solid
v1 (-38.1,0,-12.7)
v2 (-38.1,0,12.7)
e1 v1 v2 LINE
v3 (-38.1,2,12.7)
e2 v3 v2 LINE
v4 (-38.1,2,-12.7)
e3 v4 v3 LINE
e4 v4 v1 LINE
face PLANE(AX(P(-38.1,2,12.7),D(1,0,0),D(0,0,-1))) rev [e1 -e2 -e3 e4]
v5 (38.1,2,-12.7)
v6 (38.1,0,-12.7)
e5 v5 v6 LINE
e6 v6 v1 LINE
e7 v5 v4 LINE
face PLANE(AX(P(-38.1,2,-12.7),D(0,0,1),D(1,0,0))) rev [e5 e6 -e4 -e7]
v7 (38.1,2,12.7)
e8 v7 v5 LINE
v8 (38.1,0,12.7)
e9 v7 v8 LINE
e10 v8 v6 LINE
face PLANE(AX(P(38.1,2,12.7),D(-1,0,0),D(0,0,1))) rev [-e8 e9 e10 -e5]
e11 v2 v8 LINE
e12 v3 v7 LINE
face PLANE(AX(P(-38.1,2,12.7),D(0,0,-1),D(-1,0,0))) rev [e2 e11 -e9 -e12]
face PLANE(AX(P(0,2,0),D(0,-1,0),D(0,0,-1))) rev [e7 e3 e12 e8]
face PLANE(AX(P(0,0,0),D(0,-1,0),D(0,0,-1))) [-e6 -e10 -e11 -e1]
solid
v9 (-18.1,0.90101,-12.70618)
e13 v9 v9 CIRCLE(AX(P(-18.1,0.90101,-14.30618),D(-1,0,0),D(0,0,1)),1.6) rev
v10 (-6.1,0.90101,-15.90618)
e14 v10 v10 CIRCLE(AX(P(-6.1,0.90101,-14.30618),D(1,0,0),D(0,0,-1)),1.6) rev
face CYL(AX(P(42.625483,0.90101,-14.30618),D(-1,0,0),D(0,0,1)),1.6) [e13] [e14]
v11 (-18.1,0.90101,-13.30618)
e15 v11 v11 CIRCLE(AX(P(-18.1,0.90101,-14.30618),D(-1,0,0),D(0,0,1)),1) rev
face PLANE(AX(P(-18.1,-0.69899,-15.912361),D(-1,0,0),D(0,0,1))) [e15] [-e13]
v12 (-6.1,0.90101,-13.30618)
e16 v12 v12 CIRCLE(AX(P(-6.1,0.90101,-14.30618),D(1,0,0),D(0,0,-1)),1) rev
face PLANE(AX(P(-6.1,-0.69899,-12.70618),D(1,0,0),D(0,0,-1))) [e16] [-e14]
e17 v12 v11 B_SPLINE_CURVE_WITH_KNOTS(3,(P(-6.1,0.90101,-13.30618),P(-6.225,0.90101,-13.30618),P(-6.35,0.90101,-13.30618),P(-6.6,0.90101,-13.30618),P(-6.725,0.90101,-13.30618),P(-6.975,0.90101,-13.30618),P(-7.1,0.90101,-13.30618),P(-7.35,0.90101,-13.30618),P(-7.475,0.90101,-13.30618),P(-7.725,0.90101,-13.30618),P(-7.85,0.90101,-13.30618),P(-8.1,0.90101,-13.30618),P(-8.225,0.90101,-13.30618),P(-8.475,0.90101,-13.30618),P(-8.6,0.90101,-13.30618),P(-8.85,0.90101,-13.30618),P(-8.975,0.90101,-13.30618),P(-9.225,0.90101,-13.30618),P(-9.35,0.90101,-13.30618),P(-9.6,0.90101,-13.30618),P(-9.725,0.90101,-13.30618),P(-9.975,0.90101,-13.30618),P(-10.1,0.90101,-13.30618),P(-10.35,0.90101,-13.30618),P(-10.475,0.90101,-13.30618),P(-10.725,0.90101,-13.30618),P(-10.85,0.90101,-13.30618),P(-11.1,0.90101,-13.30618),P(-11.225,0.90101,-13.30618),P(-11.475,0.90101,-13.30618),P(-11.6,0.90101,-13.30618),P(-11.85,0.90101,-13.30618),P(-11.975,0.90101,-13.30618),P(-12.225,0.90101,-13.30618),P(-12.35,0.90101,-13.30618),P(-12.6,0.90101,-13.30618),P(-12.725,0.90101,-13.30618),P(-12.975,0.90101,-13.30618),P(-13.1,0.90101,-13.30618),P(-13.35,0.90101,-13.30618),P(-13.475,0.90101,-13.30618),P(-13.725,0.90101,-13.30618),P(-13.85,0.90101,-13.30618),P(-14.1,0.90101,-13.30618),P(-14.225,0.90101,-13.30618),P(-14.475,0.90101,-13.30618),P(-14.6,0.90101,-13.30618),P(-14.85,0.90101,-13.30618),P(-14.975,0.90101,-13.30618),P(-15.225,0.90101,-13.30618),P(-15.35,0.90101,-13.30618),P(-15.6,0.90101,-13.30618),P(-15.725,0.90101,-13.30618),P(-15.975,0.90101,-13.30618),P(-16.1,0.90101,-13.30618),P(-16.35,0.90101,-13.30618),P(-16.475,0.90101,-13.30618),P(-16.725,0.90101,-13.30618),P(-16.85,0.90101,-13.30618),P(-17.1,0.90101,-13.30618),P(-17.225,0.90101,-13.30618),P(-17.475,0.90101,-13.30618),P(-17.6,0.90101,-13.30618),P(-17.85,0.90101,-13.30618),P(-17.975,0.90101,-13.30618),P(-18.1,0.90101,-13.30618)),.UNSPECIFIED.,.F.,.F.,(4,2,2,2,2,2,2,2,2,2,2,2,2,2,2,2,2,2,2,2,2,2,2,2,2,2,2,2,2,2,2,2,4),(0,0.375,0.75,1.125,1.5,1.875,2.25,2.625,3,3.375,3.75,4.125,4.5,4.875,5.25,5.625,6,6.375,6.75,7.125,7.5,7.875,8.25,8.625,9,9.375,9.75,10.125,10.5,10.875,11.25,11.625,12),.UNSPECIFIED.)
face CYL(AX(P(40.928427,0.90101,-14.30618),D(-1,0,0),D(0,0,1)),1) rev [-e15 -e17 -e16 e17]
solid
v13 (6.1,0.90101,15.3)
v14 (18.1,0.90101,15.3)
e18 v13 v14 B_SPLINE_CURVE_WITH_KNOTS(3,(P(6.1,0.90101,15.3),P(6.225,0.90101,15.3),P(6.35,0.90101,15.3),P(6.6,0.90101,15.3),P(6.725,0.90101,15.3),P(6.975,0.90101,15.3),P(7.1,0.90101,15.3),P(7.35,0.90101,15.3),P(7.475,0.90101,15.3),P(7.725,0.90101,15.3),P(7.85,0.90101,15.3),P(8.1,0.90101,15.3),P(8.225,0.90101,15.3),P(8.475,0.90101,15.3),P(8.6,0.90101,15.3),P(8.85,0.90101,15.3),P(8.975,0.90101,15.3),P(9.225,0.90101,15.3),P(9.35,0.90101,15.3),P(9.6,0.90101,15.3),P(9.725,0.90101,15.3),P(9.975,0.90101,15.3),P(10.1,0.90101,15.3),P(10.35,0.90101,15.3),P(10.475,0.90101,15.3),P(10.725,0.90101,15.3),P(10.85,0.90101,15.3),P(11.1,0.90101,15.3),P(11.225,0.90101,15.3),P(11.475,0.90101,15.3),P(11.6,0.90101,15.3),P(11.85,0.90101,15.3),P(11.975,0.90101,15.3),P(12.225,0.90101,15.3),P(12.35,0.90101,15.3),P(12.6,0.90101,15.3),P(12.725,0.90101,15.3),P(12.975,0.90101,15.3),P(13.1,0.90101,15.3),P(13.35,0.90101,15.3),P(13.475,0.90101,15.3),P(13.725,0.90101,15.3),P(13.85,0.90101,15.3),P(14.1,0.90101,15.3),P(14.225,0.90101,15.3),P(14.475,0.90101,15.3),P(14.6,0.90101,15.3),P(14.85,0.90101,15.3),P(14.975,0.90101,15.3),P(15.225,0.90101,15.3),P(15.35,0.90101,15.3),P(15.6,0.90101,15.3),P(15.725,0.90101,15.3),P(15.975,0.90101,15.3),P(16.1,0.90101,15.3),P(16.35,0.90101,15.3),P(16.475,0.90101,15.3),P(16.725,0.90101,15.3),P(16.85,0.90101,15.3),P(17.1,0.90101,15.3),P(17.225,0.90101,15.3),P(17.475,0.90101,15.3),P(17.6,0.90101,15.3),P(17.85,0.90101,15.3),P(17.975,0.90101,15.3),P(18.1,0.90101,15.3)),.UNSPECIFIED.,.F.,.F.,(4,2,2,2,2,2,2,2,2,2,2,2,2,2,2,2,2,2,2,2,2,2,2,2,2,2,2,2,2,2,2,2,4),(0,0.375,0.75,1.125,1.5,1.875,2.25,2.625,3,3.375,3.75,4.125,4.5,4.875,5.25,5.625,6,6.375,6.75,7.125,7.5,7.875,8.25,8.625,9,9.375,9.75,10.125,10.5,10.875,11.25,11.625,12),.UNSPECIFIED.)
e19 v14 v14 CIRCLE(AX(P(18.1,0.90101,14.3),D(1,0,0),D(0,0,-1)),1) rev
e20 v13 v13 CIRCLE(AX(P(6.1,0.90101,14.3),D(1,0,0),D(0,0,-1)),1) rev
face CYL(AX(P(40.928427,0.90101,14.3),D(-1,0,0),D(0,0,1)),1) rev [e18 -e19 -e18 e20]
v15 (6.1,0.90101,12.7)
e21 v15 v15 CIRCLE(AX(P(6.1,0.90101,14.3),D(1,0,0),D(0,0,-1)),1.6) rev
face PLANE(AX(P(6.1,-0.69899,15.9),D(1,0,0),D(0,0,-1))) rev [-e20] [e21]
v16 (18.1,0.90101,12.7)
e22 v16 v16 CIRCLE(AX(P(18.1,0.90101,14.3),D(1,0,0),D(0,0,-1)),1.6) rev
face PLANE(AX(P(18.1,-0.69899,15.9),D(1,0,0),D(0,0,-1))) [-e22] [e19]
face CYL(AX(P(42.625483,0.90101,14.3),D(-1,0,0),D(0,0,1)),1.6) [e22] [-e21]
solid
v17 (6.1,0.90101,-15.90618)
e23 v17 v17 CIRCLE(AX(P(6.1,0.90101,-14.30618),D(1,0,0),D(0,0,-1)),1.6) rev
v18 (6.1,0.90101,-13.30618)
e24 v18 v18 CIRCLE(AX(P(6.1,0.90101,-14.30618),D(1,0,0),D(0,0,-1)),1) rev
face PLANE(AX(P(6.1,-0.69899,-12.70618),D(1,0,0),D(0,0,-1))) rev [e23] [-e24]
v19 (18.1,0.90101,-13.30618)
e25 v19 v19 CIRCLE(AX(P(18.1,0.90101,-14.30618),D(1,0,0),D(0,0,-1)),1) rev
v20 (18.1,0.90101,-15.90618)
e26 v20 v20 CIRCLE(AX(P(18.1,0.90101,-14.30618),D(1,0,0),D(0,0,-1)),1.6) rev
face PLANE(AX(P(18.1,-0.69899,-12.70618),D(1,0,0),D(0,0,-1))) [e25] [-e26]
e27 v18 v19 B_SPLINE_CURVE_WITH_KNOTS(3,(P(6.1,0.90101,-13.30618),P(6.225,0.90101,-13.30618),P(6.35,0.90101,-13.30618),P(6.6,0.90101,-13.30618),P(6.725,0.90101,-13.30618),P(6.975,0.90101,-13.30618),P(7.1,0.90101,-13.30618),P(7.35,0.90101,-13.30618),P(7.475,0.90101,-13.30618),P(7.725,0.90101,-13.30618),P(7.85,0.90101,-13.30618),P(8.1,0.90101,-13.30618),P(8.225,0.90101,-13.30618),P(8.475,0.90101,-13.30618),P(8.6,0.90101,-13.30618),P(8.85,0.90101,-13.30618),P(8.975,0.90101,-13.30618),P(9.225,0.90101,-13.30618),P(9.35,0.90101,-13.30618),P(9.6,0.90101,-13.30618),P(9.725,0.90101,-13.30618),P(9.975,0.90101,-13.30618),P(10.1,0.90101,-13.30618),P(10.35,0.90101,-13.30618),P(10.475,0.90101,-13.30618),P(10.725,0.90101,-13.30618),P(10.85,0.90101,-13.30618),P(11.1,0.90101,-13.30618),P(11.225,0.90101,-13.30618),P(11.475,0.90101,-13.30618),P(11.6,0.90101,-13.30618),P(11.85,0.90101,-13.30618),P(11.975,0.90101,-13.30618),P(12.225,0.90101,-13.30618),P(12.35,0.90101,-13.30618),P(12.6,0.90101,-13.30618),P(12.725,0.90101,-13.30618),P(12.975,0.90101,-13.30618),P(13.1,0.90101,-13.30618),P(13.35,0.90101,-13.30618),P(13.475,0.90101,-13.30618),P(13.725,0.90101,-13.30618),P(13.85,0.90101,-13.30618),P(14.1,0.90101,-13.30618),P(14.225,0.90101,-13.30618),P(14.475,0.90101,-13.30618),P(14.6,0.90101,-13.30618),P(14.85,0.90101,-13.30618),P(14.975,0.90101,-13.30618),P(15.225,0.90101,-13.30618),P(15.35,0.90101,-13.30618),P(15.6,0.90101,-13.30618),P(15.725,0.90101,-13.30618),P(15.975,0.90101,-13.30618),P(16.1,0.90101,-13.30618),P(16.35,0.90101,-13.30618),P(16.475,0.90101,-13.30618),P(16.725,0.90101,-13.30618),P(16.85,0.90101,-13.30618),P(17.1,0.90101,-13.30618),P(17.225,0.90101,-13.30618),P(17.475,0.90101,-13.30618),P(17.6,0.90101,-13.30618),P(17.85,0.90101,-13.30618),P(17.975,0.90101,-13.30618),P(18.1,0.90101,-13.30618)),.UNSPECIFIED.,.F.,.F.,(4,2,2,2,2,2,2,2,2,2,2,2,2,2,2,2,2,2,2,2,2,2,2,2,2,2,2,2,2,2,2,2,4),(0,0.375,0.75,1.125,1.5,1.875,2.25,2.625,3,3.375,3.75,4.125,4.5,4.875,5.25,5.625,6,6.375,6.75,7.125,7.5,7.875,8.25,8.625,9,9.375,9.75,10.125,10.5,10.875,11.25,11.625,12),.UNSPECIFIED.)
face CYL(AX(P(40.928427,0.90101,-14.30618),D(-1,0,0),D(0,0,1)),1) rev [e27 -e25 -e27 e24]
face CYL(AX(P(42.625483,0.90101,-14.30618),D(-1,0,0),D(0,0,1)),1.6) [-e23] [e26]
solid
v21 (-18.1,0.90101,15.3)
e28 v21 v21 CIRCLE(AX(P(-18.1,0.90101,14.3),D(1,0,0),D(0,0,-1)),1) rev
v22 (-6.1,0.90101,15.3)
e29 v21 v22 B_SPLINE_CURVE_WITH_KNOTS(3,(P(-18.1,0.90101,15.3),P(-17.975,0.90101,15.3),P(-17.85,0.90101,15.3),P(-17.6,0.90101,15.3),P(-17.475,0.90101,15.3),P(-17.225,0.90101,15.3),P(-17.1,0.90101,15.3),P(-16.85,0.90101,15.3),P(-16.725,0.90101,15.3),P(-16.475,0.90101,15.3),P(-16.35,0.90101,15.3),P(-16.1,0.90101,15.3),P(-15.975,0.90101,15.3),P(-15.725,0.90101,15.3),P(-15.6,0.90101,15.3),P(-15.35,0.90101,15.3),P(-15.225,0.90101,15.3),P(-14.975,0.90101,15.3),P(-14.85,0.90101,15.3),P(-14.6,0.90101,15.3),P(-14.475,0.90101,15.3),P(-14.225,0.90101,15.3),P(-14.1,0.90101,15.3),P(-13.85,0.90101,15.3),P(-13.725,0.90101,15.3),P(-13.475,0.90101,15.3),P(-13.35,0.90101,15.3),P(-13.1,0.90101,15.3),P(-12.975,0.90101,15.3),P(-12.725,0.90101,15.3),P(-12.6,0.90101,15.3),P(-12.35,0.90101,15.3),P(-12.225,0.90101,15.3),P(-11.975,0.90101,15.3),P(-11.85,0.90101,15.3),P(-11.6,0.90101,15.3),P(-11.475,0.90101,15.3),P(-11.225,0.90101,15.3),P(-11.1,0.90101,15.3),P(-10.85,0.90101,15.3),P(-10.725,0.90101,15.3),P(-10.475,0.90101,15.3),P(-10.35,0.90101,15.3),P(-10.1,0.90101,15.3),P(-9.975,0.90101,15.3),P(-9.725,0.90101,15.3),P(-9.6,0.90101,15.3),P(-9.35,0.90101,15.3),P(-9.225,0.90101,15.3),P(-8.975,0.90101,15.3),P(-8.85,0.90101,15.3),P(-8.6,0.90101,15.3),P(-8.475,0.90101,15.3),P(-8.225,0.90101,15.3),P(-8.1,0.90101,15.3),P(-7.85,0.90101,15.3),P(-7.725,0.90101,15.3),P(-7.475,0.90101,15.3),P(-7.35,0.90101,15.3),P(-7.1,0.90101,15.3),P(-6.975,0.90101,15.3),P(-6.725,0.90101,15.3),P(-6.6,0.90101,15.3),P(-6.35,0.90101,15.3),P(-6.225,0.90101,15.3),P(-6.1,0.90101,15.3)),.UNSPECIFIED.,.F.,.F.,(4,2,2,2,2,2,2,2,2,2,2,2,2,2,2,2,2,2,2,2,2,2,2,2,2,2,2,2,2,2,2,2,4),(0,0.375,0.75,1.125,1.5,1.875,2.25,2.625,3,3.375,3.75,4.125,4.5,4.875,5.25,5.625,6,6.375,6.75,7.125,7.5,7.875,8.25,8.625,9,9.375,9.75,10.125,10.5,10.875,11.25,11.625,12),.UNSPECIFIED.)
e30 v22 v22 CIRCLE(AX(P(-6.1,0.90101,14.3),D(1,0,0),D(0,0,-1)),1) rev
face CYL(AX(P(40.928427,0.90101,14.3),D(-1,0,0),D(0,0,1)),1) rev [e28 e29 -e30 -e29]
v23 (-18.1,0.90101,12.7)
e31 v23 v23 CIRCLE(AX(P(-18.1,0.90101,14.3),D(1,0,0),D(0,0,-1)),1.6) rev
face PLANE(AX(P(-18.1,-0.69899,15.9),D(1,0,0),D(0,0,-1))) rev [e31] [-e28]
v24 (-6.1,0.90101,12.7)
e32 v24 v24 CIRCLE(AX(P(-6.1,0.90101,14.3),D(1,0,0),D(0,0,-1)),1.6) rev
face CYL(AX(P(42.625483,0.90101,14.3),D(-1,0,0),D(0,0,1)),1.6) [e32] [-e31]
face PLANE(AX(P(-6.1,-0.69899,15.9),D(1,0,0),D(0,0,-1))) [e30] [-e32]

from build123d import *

# Parameters (mm, degrees)
CROQUIS1_W                 = 76.2
CROQUIS1_H                 = 25.4
SALIENTE_EXTRUIR1_DEPTH    = 2
CROQUIS2_R                 = 1.6
SALIENTE_EXTRUIR2_DEPTH    = 76.2
SALIENTE_EXTRUIR2_2_DEPTH  = 76.2
CROQUIS4_R                 = 1
CORTAR_EXTRUIR2_DEPTH      = 76.2
CORTAR_EXTRUIR6_DEPTH      = 42.375126825
CORTAR_EXTRUIR6_DEPTH_BACK = 42.375126825
CROQUIS5_W                 = 20
CROQUIS5_H                 = 3.21236059
CROQUIS5_H_2               = 3.2
CROQUIS5_W_2               = 12.2


with BuildPart() as part:
    # Croquis1 → Saliente-Extruir1 (new body)
    with BuildSketch(Plane(origin=(0, 0, 0), x_dir=(1, 0, 0), z_dir=(0, 1, 0))):
        Rectangle(CROQUIS1_W, CROQUIS1_H)
    extrude(amount=SALIENTE_EXTRUIR1_DEPTH)


with BuildPart() as body_2:
    # Croquis2 → Saliente-Extruir2 (new body)
    with BuildSketch(Plane.ZY.offset(38.1)):
        with Locations((-14.306180295, 0.901009784)):
            Circle(CROQUIS2_R)
    extrude(amount=-SALIENTE_EXTRUIR2_DEPTH)


with BuildPart() as body_3:
    # Croquis2 → Saliente-Extruir2 2 (new body)
    with BuildSketch(Plane.ZY.offset(38.1)):
        with Locations((14.3, 0.901009784)):
            Circle(CROQUIS2_R)
    extrude(amount=-SALIENTE_EXTRUIR2_2_DEPTH)


with BuildPart() as cortar_extruir2_tool:
    # Croquis4 → Cortar-Extruir2 (new body)
    with BuildSketch(Plane.ZY.offset(38.1)):
        with Locations((-14.306180295, 0.901009784)):
            Circle(CROQUIS4_R)
        with Locations((14.3, 0.901009784)):
            Circle(CROQUIS4_R)
    extrude(amount=-CORTAR_EXTRUIR2_DEPTH)


with BuildPart() as body_2_1:
    add(body_2.part)

    # Cortar-Extruir2: cut by cortar_extruir2_tool
    add(cortar_extruir2_tool.part, mode=Mode.SUBTRACT)


with BuildPart() as body_3_1:
    add(body_3.part)

    # Cortar-Extruir2: cut by cortar_extruir2_tool
    add(cortar_extruir2_tool.part, mode=Mode.SUBTRACT)


with BuildPart() as cortar_extruir6_tool:
    # Croquis5 → Cortar-Extruir6 (new, two sides: drawn at the far end of the back side and taken through both)
    with BuildSketch(Plane(origin=(0, 2, 0), x_dir=(1, 0, 0), z_dir=(0, 1, 0)).offset(-CORTAR_EXTRUIR6_DEPTH_BACK)):
        with Locations((-28.1, 14.306180295)):
            Rectangle(CROQUIS5_W, CROQUIS5_H)
        with Locations((28.1, 14.306180295)):
            Rectangle(CROQUIS5_W, CROQUIS5_H_2)
        with Locations((0, 14.306180295)):
            Rectangle(CROQUIS5_W_2, CROQUIS5_H_2)
        with Locations((-28.1, -14.3)):
            Rectangle(CROQUIS5_W, CROQUIS5_H_2)
        with Locations((0, -14.3)):
            Rectangle(CROQUIS5_W_2, CROQUIS5_H_2)
        with Locations((28.1, -14.3)):
            Rectangle(CROQUIS5_W, CROQUIS5_H_2)
    extrude(amount=CORTAR_EXTRUIR6_DEPTH + CORTAR_EXTRUIR6_DEPTH_BACK)


with BuildPart() as body_2_2:
    add(body_2_1.part)

    # Cortar-Extruir6: cut by cortar_extruir6_tool
    add(cortar_extruir6_tool.part, mode=Mode.SUBTRACT)


with BuildPart() as body_3_2:
    add(body_3_1.part)

    # Cortar-Extruir6: cut by cortar_extruir6_tool
    add(cortar_extruir6_tool.part, mode=Mode.SUBTRACT)


with BuildPart() as cortar_extruir6_piece_1:
    # of the separate pieces the step leaves, piece 1, a body of its own (cortar_extruir6_pieces)
    add(body_2_2.part.solids().sort_by_distance((6.1, 0.901009784, -12.706180295))[0])


with BuildPart() as cortar_extruir6_piece_2:
    # of the separate pieces the step leaves, piece 2, a body of its own (cortar_extruir6_pieces)
    add(body_2_2.part.solids().sort_by_distance((-6.1, 0.901009784, -12.706180295))[0])


with BuildPart() as cortar_extruir6_piece_1_of_body_3:
    # of the separate pieces the step leaves, piece 1, a body of its own (cortar_extruir6_pieces_of_body_3)
    add(body_3_2.part.solids().sort_by_distance((6.1, 0.901009784, 15.9))[0])


with BuildPart() as cortar_extruir6_piece_2_of_body_3:
    # of the separate pieces the step leaves, piece 2, a body of its own (cortar_extruir6_pieces_of_body_3)
    add(body_3_2.part.solids().sort_by_distance((-18.1, 0.901009784, 15.9))[0])


solid = Compound([part.part, cortar_extruir6_piece_1.part, cortar_extruir6_piece_2.part, cortar_extruir6_piece_1_of_body_3.part, cortar_extruir6_piece_2_of_body_3.part])
